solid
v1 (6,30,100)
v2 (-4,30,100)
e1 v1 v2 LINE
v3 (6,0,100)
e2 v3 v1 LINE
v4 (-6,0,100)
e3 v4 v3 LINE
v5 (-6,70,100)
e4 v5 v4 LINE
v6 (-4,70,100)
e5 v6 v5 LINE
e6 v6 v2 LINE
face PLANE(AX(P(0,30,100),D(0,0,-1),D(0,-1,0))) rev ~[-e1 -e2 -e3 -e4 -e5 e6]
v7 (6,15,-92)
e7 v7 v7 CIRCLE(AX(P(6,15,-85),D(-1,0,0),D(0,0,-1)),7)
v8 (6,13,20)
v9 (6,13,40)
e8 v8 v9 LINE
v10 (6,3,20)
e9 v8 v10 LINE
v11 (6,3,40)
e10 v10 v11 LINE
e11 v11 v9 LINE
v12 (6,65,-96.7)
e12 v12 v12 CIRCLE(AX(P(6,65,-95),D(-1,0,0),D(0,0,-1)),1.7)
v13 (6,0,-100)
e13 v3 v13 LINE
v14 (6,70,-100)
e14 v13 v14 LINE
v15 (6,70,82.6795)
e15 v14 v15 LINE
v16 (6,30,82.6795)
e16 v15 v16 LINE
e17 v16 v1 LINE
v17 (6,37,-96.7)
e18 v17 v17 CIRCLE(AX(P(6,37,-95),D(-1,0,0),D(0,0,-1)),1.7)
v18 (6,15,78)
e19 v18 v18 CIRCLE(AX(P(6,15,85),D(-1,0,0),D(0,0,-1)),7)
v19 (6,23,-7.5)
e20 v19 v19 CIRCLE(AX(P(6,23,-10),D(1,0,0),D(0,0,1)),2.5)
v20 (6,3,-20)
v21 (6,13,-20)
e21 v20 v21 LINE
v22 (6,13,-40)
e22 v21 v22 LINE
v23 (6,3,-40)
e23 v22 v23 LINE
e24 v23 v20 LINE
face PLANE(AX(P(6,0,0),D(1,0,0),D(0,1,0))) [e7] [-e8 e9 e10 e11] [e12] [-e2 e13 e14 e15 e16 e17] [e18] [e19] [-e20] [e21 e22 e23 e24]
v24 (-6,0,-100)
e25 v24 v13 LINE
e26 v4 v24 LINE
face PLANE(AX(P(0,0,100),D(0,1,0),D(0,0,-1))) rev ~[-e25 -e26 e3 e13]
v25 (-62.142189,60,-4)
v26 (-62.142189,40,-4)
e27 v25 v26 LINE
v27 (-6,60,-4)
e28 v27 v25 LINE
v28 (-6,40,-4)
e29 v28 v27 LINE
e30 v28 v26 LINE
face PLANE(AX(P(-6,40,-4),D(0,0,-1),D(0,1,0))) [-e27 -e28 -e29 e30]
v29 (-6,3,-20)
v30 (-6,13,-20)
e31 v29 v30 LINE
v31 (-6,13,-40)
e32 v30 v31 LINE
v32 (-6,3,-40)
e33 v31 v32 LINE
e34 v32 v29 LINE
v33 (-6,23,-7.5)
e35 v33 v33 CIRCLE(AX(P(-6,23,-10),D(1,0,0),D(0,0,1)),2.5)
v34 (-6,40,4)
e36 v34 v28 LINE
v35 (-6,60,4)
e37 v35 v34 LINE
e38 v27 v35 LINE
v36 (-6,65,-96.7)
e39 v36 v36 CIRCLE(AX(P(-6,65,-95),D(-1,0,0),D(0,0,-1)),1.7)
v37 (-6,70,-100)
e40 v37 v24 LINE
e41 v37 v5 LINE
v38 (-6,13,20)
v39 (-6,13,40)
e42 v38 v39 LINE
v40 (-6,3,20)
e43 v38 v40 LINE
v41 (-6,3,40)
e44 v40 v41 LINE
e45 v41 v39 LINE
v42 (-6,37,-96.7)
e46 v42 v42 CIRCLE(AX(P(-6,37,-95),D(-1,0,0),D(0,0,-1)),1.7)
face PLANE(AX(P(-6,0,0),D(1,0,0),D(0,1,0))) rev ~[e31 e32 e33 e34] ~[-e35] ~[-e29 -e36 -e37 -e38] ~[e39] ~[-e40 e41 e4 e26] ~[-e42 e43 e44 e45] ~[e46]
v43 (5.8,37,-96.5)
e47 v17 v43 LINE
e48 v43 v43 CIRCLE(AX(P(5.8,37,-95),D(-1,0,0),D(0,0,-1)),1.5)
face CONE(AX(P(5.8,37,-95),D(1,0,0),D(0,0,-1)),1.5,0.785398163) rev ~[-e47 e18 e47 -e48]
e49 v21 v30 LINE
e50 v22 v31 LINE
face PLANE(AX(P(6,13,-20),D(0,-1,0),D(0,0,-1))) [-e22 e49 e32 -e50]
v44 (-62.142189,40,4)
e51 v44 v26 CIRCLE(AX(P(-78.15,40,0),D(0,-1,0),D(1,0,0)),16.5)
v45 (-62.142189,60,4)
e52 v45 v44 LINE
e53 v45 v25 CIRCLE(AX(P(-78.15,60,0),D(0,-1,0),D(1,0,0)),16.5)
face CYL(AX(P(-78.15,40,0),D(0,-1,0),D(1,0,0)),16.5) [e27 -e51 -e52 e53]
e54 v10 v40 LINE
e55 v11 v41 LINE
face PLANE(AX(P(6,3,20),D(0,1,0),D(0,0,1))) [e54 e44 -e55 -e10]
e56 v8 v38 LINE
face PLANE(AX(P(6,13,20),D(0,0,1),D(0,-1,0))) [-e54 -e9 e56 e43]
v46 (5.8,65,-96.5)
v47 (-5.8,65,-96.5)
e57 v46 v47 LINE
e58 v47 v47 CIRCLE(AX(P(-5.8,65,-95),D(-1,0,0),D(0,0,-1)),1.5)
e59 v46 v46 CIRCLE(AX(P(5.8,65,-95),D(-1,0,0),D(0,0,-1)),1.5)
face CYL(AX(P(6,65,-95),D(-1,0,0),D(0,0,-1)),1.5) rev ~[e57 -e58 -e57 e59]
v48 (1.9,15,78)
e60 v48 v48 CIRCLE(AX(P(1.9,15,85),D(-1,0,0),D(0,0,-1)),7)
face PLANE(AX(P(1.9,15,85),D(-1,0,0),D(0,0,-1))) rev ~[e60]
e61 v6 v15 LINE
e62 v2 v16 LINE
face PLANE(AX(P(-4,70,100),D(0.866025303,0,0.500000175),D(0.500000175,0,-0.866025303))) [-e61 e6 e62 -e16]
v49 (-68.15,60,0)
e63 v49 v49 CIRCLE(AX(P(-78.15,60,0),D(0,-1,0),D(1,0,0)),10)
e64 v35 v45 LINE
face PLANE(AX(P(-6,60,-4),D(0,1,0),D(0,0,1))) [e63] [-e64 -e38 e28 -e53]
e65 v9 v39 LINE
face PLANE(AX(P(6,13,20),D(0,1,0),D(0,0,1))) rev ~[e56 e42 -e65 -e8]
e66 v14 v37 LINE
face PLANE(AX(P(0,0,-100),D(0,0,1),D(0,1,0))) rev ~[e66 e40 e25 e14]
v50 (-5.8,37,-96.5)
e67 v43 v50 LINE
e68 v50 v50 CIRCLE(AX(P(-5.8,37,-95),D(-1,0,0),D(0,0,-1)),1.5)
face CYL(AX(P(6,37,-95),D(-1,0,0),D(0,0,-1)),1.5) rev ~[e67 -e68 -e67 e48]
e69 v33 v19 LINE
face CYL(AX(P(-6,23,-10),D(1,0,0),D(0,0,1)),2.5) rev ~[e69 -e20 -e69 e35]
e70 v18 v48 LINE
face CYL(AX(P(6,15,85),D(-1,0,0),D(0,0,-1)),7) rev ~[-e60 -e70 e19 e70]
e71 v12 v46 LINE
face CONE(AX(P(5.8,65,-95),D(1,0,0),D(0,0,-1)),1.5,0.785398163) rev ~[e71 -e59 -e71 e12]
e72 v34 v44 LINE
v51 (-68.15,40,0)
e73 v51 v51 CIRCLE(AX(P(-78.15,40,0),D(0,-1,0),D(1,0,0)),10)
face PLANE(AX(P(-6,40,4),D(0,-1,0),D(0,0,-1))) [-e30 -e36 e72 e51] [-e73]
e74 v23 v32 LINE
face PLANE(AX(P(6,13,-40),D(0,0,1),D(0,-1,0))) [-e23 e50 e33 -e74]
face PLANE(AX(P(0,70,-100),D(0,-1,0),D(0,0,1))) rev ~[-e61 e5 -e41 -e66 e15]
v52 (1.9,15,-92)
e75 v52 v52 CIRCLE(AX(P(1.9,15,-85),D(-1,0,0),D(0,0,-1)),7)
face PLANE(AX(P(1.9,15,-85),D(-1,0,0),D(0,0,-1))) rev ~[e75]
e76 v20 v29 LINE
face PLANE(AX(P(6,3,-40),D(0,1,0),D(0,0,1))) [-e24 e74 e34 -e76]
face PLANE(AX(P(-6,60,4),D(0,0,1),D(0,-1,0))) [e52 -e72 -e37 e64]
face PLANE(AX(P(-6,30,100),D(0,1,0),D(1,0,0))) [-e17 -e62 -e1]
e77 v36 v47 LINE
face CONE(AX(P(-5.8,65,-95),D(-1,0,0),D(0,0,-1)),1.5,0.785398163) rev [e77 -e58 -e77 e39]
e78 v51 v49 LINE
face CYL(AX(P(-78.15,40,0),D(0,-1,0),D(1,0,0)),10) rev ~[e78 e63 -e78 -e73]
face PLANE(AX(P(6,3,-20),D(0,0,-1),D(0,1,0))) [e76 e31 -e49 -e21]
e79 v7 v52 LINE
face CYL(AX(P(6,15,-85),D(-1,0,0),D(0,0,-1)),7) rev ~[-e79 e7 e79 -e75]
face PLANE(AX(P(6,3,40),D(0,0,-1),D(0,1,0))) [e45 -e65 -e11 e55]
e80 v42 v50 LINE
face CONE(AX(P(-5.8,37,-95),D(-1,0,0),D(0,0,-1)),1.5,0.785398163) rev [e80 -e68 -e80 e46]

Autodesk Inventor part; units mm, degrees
ref_plane "YZ Plane" through (0, 0, 0) normal (1, 0, 0) x (0, 1, 0)
ref_plane "XZ Plane" through (0, 0, 0) normal (0, 1, 0) x (-1, 0, 0)
ref_plane "XY Plane" through (0, 0, 0) normal (0, 0, 1) x (1, 0, 0)
sketch "Эскиз1" plane through (0, 0, 0) normal (1, 0, 0) x (0, 1, 0)
  line L0 (0, 100) -> (0, -100)
  line L1 (0, -100) -> (30, -100)
  line L2 (30, -100) -> (30, 100)
  line L3 (30, 100) -> (0, 100)
  line L4 (-14, 0) -> (84, 0) construction
  line L5 (0, -140) -> (0, 140) construction
  line L6 (30, -100) -> (70, -100)
  line L7 (70, -100) -> (70, 100)
  line L8 (70, 100) -> (30, 100)
  line L9 (30, 100) -> (30, -100)
  point P0 (0, 0)
  point P1 (30, 100)
  dimension "d0" = 200
  dimension "d1" = 30
  dimension "d2" = 200
  dimension "d3" = 40
extrude "Выдавливание1" add sketch "Эскиз1" along normal mid plane 12
sketch "Эскиз2" plane through (6, 0, 0) normal (1, 0, 0) x (0, 0, -1)
  line L0 (-20, 13) -> (-40, 13)
  line L1 (-100, 0) -> (100, 0) construction
  line L2 (100, 0) -> (100, 70) projected
  line L3 (-40, 13) -> (-20, 13)
  line L4 (-20, 13) -> (-20, 3)
  line L5 (-20, 3) -> (-40, 3)
  line L6 (-40, 3) -> (-40, 13)
  line L7 (20, 13) -> (40, 13)
  line L8 (40, 13) -> (40, 3)
  line L9 (40, 3) -> (20, 3)
  line L10 (20, 3) -> (20, 13)
  point P0 (0, 0)
  point P1 (-85, 0)
  point P2 (57.0517, 0.6179)
  dimension "d26" = 10
  dimension "d27" = 20
  dimension "d28" = 3
  dimension "d29" = 20
  dimension "d31" = 20
  dimension "d34" = 3
  dimension "d35" = 10
  dimension "d36" = 20
extrude "Выдавливание2" cut sketch "Эскиз2" against normal blind 12
sketch "Эскиз3" plane through (6, 0, 0) normal (1, 0, 0) x (0, 0, -1)
  line L0 (100, 0) -> (100, 70) projected
  line L1 (100, 0) -> (-100, 0) projected
  line L2 (-100, 0) -> (-100, 70) projected
  point P0 (0, 0)
  point P1 (-85, 15)
  point P2 (-85, 0)
  point P3 (-85, 15)
  point P4 (85, 15)
  point P5 (-100, 15)
  dimension "d17" = 15
  dimension "d53" = 15
  dimension "d54" = 15
hole "Отверстие1" at (6, 15, -85) at (6, 15, 85) direction (-1, 0, 0) diameter 14 depth 4.1
sketch "Эскиз4" plane through (6, 0, 0) normal (1, 0, 0) x (0, 0, -1)
  line L0 (100, 70) -> (-100, 70) projected
  line L1 (-100, 70) -> (-100, 0) projected
  line L2 (90, 30) -> (-85, 30) projected
  line L3 (100, 0) -> (100, 70) projected
  line L4 (100, 0) -> (-100, 0) projected
  point P0 (0, 0)
  point P1 (95, 65)
  point P2 (95, 37)
  point P3 (-100, 15)
  point P4 (-85, 0)
  dimension "d37" = 5
  dimension "d40" = 5
  dimension "d51" = 5
  dimension "d52" = 37
hole "Отверстие2" at (6, 65, -95) at (6, 37, -95) direction (-1, 0, 0) diameter 3 depth 70
chamfer "Фаска1" distance 0.2 angle 45 4 edges at (6, 37, -93.5) (6, 65, -93.5) (-6, 37, -93.5) (-6, 65, -93.5)
sketch "Эскиз5" plane through (-6, 70, 100) normal (0, 1, 0) x (1, 0, 0)
  line L0 (12, 0) -> (0, 0) projected
  line L1 (2, 0) -> (12, 17.3205)
  line L2 (12, 200) -> (12, 0) projected
  line L3 (12, 0) -> (2, 0)
  line L4 (12, 15) -> (12, 0) projected
  line L5 (12, 0) -> (12, 17.3205)
  point P0 (6, 100)
  dimension "d60" = 30
  dimension "d61" = 10
extrude "Выдавливание3" cut sketch "Эскиз5" against normal blind 40
sketch "Эскиз6" plane through (-6, 0, 0) normal (-1, 0, 0) x (0, 0, 1)
  line L0 (-40, 13) -> (-20, 13) projected
  point P0 (0, 0)
  point P1 (-10, 23)
  dimension "d62" = 10
  dimension "d63" = 10
hole "Отверстие3" at (-6, 23, -10) direction (1, 0, 0) diameter 5 depth 60
sketch "Эскиз7" plane through (-6, 0, 0) normal (-1, 0, 0) x (0, 0, 1)
  line L0 (-4, 60) -> (4, 60)
  line L1 (4, 60) -> (4, 40)
  line L2 (4, 40) -> (-4, 40)
  line L3 (-4, 40) -> (-4, 60)
  line L4 (0, 0) -> (0, 6.9143) construction
  line L5 (-100, 0) -> (100, 0) projected
  dimension "d71" = 8
  dimension "d72" = 20
  dimension "d73" = 40
extrude "Выдавливание4" add sketch "Эскиз7" along normal blind 61
sketch "Эскиз10" plane through (-6, 40, -4) normal (0, -1, 0) x (1, 0, 0)
  line L0 (-104, -147.0883) -> (-50, -147.0883) projected
  line L1 (-50, 252.9117) -> (-50, -147.0883) construction
  circle A0 centre (-72.15, -8.6973) radius 16.5 construction
  circle A1 centre (-72.15, -8.6973) radius 10 construction
  circle A2 centre (-72.15, -8.6973) radius 10 construction
  circle A3 centre (-72.15, -8.6973) radius 11 construction
  circle A4 centre (-72.15, 4) radius 16.5
  circle A5 centre (-72.15, 4) radius 11
  circle A6 centre (-72.15, 4) radius 10
  line L2 (-50, 252.9117) -> (-104, 252.9117) projected
  line L3 (-104, -147.0883) -> (-104, 252.9117) projected
  point P0 (6, 4)
  point P1 (-100, 252.9117)
  dimension "d86" = 33
  dimension "d87" = 22
  dimension "d88" = 20
extrude "Выдавливание6" add sketch "Эскиз10" against normal blind 20 contours A4 | A5
equation "\"d40\" = d37"
properties part number "Стенка конвейера"
